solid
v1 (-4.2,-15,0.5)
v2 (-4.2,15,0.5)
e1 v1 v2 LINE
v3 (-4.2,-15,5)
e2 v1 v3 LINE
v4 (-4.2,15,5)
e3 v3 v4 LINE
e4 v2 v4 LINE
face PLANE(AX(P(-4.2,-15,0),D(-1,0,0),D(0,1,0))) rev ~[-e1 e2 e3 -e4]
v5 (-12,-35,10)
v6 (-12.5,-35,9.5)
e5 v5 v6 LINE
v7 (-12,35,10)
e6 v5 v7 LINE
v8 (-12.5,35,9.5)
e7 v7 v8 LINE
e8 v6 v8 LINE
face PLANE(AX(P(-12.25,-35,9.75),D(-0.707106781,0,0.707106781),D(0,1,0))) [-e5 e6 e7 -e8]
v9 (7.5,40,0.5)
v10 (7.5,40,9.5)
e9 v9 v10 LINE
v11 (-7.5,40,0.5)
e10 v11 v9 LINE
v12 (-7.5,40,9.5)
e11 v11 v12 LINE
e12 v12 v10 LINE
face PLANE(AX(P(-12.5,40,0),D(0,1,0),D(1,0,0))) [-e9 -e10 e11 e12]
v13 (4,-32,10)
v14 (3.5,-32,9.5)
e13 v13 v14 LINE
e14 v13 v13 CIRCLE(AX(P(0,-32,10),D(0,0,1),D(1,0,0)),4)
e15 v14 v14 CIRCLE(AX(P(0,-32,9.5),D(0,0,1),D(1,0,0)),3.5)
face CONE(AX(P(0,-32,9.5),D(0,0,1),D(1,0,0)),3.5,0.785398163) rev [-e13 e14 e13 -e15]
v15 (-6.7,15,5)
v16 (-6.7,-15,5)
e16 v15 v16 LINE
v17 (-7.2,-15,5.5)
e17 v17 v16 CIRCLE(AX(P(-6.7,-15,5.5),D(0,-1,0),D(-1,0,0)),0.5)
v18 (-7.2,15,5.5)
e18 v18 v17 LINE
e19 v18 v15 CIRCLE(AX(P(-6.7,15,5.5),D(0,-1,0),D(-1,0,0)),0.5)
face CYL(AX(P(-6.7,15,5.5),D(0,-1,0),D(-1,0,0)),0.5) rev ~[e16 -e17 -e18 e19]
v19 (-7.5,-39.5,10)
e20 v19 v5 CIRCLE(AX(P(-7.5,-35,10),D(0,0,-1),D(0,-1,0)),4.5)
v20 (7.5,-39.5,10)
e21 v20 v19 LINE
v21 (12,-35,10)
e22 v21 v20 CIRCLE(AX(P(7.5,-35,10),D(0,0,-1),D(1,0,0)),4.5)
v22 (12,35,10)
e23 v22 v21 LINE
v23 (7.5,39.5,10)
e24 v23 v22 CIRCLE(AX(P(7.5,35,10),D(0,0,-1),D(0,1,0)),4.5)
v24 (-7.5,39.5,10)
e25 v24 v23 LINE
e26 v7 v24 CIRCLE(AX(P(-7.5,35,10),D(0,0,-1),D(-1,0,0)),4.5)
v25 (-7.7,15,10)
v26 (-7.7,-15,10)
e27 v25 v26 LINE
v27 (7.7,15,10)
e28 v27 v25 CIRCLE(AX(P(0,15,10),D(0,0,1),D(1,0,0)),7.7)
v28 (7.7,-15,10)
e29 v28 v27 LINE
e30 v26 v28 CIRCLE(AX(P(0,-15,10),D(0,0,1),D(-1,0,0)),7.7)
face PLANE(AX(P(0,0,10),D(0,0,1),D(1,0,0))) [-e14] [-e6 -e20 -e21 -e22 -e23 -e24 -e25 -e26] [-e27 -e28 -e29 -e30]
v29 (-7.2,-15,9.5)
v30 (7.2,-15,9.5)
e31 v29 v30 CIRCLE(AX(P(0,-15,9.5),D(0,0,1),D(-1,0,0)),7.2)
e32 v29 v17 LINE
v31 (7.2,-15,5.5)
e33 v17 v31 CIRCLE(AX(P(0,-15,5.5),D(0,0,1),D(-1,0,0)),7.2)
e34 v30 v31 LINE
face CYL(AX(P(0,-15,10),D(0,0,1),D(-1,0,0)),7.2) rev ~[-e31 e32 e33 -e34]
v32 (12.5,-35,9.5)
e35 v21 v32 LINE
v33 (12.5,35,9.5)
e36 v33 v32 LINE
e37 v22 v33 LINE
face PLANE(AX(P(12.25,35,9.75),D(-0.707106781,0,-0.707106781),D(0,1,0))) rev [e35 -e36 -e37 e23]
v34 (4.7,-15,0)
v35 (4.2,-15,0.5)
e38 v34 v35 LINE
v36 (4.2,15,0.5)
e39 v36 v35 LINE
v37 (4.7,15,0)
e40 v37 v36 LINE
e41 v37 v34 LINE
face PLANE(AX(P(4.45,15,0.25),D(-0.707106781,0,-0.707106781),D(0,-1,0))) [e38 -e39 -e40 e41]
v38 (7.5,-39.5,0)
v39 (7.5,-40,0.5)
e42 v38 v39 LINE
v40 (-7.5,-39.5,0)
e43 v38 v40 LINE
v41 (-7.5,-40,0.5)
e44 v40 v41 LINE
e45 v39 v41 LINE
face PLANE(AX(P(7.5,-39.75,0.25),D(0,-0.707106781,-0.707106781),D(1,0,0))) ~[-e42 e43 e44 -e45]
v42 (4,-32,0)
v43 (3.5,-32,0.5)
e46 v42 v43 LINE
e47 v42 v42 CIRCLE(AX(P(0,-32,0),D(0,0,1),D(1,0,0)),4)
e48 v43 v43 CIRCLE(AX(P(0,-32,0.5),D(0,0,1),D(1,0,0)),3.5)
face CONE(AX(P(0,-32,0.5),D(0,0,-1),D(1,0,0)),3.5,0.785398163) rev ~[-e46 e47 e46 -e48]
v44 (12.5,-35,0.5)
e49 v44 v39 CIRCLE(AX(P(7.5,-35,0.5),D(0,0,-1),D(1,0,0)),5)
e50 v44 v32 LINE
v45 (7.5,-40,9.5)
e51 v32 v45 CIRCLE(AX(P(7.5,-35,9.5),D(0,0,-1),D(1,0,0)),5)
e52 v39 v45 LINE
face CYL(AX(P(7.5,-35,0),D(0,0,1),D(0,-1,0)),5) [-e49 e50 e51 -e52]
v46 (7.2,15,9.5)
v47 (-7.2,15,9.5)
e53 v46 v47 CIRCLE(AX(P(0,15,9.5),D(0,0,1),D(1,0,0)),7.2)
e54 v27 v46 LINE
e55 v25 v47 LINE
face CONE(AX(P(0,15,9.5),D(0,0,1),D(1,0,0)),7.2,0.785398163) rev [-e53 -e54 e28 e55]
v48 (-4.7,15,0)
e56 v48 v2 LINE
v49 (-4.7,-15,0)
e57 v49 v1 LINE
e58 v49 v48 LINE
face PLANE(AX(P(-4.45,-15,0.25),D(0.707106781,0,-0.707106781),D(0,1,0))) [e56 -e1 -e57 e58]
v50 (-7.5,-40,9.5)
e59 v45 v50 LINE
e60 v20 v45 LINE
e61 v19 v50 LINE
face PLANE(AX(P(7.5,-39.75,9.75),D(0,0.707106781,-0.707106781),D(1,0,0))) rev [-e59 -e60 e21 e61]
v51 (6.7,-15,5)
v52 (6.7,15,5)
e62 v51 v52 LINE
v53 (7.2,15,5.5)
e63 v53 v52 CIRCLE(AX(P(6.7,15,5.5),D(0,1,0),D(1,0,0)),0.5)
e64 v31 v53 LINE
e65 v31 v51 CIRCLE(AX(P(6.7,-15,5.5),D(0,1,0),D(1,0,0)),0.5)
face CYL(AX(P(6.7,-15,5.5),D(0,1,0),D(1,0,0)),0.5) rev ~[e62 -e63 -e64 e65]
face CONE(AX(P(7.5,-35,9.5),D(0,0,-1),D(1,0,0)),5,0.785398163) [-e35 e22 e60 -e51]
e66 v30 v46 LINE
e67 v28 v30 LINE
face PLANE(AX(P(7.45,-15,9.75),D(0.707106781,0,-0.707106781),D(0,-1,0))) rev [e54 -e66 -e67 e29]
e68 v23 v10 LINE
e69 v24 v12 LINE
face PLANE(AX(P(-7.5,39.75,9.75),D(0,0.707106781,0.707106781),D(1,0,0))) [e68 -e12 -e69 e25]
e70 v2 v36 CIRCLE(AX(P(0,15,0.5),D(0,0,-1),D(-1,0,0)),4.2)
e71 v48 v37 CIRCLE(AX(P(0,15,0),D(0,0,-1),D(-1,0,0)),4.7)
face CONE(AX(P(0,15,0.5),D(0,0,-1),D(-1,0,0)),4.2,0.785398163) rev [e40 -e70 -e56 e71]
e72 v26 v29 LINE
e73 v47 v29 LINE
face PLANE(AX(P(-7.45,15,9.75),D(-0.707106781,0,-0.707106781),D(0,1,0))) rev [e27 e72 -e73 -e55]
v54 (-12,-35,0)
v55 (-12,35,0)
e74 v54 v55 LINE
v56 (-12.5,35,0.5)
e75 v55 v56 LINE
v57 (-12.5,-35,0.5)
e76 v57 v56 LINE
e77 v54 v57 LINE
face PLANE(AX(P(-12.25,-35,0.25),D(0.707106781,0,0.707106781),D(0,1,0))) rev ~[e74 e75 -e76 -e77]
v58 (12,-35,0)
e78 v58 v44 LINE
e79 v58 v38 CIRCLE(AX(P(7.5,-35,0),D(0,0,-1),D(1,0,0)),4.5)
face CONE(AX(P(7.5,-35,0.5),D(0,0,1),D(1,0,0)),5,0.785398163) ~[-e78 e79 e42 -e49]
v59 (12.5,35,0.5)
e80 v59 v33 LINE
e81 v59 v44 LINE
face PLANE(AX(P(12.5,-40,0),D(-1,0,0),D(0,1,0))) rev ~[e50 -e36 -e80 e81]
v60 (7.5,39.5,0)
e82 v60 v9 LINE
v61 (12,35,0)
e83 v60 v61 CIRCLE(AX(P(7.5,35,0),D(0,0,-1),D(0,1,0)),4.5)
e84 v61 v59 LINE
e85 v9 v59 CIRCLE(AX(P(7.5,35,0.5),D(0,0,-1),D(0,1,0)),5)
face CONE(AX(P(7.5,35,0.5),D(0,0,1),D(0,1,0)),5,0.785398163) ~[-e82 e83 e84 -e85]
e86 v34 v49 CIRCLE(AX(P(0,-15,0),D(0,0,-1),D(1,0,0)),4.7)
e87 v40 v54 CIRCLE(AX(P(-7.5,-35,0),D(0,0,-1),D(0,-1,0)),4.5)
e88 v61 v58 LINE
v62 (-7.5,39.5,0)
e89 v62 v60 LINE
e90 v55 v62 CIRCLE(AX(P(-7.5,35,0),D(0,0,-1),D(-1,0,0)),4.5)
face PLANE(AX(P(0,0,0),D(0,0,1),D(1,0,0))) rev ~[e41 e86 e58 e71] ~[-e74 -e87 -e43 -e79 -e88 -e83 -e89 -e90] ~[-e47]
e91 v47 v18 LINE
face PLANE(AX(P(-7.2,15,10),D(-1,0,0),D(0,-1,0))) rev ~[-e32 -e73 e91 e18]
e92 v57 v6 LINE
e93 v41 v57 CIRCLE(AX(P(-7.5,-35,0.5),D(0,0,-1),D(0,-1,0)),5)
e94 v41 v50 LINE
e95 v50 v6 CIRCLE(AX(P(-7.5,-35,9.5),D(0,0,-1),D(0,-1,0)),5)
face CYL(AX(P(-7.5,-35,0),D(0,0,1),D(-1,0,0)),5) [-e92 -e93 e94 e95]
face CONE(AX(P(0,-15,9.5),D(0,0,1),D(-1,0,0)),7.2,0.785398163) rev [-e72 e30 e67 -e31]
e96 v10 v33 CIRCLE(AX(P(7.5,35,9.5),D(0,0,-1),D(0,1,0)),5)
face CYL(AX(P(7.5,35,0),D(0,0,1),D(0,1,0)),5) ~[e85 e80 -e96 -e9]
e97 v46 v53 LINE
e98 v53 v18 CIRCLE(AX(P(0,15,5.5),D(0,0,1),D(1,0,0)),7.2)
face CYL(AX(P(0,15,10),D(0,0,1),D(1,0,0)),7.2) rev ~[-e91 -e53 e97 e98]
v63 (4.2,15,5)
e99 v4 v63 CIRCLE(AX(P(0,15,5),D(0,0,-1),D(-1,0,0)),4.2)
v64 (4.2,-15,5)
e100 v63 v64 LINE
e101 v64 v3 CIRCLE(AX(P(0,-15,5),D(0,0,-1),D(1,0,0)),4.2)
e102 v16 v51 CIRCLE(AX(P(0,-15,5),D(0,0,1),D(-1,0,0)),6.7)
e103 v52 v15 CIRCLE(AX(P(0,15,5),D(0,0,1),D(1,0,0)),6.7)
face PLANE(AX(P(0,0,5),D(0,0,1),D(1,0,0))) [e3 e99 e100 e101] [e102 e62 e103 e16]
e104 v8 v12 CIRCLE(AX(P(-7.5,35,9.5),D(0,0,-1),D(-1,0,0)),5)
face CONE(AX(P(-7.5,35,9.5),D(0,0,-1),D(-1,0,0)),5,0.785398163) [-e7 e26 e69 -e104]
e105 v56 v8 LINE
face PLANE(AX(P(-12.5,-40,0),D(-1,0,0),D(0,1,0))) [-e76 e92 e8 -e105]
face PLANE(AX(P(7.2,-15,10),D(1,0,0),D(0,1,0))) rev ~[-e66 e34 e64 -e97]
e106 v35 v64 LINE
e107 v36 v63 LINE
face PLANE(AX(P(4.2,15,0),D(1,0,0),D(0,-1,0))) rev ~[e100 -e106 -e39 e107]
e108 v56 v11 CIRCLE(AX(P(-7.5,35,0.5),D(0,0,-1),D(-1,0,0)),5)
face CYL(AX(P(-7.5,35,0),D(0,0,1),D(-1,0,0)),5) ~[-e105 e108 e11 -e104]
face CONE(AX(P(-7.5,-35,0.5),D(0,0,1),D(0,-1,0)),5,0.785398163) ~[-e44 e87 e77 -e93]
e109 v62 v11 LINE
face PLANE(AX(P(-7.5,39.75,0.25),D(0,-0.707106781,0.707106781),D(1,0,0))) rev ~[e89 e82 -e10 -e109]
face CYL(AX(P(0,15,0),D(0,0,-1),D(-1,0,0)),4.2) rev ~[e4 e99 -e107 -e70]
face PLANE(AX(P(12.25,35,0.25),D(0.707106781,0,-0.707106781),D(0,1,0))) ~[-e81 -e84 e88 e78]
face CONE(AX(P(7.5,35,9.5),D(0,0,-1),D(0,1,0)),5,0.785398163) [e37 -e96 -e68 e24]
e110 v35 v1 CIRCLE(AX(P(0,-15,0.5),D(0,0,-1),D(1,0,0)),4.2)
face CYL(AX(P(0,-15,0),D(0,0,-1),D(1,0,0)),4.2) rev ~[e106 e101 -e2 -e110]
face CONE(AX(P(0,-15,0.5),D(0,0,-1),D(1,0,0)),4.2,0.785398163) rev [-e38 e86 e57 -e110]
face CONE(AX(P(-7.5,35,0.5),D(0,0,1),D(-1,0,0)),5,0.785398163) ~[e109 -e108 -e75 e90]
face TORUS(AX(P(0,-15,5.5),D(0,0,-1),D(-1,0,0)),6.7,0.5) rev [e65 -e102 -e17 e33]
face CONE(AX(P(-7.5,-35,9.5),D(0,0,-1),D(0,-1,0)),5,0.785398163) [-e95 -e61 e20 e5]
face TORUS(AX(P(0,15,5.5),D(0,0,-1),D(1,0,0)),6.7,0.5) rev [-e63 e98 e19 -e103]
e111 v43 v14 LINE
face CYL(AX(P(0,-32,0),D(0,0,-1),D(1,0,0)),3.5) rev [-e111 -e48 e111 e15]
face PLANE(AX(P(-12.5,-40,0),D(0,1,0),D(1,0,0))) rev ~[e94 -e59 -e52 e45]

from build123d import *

# Parameters (mm, degrees)
F0_W     = 25
F0_H     = 80
F0_R     = 3.5
F1_DEPTH = 10
F3_DEPTH = 5
F4_R     = 5
F5_SIZE  = 0.5
F6_R     = 0.5


with BuildPart() as f1:
    # F0 (on Top) → F1 (new body)
    with BuildSketch(Plane.XY):
        Rectangle(F0_W, F0_H)
        with Locations((0, -32)):
            Circle(F0_R, mode=Mode.SUBTRACT)
        with BuildLine():
            ThreePointArc((-4.2, 15), (0, 19.2), (4.2, 15))
            Line((4.2, 15), (4.2, -15))
            ThreePointArc((4.2, -15), (0, -19.2), (-4.2, -15))
            Line((-4.2, -15), (-4.2, 15))
        make_face(mode=Mode.SUBTRACT)
    extrude(amount=F1_DEPTH)

    # F2 (on face) → F3 (cut)
    with BuildSketch(Plane.XY.offset(10)):
        with BuildLine():
            Line((7.2, -15), (7.2, 15))
            ThreePointArc((7.2, 15), (0, 22.2), (-7.2, 15))
            Line((-7.2, 15), (-7.2, -15))
            ThreePointArc((-7.2, -15), (0, -22.2), (7.2, -15))
        make_face()
        with BuildLine():
            ThreePointArc((-4.2, 15), (0, 19.2), (4.2, 15))
            Line((4.2, 15), (4.2, -15))
            ThreePointArc((4.2, -15), (0, -19.2), (-4.2, -15))
            Line((-4.2, -15), (-4.2, 15))
        make_face(mode=Mode.SUBTRACT)
    extrude(amount=-F3_DEPTH, mode=Mode.SUBTRACT)

    # F4
    f4_edges = [f1.edges().sort_by_distance(p)[0] for p in [
        (12.5, 40, 5),
        (-12.5, -40, 5),
        (12.5, -40, 5),
        (-12.5, 40, 5),
    ]]
    fillet(f4_edges, radius=F4_R)

    # F5
    f5_edges = [f1.edges().sort_by_distance(p)[0] for p in [
        (0, 40, 10),
        (11.035534, 38.535534, 10),
        (-11.035534, 38.535534, 10),
        (12.5, 0, 10),
        (-12.5, 0, 10),
        (11.035534, -38.535534, 10),
        (-11.035534, -38.535534, 10),
        (0, -40, 10),
        (-3.5, -32, 10),
        (0, -22.2, 10),
        (7.2, 0, 10),
        (0, 22.2, 10),
        (-7.2, 0, 10),
        (0, 40, 0),
        (11.035534, 38.535534, 0),
        (-11.035534, 38.535534, 0),
        (12.5, 0, 0),
        (-12.5, 0, 0),
        (11.035534, -38.535534, 0),
        (-11.035534, -38.535534, 0),
        (0, -40, 0),
        (-3.5, -32, 0),
        (0, -19.2, 0),
        (-4.2, 0, 0),
        (0, 19.2, 0),
        (4.2, 0, 0),
    ]]
    chamfer(f5_edges, length=F5_SIZE)

    # F6
    f6_edges = [f1.edges().sort_by_distance(p)[0] for p in [
        (0, 22.2, 5),
    ]]
    fillet(f6_edges, radius=F6_R)


solid = f1.part
